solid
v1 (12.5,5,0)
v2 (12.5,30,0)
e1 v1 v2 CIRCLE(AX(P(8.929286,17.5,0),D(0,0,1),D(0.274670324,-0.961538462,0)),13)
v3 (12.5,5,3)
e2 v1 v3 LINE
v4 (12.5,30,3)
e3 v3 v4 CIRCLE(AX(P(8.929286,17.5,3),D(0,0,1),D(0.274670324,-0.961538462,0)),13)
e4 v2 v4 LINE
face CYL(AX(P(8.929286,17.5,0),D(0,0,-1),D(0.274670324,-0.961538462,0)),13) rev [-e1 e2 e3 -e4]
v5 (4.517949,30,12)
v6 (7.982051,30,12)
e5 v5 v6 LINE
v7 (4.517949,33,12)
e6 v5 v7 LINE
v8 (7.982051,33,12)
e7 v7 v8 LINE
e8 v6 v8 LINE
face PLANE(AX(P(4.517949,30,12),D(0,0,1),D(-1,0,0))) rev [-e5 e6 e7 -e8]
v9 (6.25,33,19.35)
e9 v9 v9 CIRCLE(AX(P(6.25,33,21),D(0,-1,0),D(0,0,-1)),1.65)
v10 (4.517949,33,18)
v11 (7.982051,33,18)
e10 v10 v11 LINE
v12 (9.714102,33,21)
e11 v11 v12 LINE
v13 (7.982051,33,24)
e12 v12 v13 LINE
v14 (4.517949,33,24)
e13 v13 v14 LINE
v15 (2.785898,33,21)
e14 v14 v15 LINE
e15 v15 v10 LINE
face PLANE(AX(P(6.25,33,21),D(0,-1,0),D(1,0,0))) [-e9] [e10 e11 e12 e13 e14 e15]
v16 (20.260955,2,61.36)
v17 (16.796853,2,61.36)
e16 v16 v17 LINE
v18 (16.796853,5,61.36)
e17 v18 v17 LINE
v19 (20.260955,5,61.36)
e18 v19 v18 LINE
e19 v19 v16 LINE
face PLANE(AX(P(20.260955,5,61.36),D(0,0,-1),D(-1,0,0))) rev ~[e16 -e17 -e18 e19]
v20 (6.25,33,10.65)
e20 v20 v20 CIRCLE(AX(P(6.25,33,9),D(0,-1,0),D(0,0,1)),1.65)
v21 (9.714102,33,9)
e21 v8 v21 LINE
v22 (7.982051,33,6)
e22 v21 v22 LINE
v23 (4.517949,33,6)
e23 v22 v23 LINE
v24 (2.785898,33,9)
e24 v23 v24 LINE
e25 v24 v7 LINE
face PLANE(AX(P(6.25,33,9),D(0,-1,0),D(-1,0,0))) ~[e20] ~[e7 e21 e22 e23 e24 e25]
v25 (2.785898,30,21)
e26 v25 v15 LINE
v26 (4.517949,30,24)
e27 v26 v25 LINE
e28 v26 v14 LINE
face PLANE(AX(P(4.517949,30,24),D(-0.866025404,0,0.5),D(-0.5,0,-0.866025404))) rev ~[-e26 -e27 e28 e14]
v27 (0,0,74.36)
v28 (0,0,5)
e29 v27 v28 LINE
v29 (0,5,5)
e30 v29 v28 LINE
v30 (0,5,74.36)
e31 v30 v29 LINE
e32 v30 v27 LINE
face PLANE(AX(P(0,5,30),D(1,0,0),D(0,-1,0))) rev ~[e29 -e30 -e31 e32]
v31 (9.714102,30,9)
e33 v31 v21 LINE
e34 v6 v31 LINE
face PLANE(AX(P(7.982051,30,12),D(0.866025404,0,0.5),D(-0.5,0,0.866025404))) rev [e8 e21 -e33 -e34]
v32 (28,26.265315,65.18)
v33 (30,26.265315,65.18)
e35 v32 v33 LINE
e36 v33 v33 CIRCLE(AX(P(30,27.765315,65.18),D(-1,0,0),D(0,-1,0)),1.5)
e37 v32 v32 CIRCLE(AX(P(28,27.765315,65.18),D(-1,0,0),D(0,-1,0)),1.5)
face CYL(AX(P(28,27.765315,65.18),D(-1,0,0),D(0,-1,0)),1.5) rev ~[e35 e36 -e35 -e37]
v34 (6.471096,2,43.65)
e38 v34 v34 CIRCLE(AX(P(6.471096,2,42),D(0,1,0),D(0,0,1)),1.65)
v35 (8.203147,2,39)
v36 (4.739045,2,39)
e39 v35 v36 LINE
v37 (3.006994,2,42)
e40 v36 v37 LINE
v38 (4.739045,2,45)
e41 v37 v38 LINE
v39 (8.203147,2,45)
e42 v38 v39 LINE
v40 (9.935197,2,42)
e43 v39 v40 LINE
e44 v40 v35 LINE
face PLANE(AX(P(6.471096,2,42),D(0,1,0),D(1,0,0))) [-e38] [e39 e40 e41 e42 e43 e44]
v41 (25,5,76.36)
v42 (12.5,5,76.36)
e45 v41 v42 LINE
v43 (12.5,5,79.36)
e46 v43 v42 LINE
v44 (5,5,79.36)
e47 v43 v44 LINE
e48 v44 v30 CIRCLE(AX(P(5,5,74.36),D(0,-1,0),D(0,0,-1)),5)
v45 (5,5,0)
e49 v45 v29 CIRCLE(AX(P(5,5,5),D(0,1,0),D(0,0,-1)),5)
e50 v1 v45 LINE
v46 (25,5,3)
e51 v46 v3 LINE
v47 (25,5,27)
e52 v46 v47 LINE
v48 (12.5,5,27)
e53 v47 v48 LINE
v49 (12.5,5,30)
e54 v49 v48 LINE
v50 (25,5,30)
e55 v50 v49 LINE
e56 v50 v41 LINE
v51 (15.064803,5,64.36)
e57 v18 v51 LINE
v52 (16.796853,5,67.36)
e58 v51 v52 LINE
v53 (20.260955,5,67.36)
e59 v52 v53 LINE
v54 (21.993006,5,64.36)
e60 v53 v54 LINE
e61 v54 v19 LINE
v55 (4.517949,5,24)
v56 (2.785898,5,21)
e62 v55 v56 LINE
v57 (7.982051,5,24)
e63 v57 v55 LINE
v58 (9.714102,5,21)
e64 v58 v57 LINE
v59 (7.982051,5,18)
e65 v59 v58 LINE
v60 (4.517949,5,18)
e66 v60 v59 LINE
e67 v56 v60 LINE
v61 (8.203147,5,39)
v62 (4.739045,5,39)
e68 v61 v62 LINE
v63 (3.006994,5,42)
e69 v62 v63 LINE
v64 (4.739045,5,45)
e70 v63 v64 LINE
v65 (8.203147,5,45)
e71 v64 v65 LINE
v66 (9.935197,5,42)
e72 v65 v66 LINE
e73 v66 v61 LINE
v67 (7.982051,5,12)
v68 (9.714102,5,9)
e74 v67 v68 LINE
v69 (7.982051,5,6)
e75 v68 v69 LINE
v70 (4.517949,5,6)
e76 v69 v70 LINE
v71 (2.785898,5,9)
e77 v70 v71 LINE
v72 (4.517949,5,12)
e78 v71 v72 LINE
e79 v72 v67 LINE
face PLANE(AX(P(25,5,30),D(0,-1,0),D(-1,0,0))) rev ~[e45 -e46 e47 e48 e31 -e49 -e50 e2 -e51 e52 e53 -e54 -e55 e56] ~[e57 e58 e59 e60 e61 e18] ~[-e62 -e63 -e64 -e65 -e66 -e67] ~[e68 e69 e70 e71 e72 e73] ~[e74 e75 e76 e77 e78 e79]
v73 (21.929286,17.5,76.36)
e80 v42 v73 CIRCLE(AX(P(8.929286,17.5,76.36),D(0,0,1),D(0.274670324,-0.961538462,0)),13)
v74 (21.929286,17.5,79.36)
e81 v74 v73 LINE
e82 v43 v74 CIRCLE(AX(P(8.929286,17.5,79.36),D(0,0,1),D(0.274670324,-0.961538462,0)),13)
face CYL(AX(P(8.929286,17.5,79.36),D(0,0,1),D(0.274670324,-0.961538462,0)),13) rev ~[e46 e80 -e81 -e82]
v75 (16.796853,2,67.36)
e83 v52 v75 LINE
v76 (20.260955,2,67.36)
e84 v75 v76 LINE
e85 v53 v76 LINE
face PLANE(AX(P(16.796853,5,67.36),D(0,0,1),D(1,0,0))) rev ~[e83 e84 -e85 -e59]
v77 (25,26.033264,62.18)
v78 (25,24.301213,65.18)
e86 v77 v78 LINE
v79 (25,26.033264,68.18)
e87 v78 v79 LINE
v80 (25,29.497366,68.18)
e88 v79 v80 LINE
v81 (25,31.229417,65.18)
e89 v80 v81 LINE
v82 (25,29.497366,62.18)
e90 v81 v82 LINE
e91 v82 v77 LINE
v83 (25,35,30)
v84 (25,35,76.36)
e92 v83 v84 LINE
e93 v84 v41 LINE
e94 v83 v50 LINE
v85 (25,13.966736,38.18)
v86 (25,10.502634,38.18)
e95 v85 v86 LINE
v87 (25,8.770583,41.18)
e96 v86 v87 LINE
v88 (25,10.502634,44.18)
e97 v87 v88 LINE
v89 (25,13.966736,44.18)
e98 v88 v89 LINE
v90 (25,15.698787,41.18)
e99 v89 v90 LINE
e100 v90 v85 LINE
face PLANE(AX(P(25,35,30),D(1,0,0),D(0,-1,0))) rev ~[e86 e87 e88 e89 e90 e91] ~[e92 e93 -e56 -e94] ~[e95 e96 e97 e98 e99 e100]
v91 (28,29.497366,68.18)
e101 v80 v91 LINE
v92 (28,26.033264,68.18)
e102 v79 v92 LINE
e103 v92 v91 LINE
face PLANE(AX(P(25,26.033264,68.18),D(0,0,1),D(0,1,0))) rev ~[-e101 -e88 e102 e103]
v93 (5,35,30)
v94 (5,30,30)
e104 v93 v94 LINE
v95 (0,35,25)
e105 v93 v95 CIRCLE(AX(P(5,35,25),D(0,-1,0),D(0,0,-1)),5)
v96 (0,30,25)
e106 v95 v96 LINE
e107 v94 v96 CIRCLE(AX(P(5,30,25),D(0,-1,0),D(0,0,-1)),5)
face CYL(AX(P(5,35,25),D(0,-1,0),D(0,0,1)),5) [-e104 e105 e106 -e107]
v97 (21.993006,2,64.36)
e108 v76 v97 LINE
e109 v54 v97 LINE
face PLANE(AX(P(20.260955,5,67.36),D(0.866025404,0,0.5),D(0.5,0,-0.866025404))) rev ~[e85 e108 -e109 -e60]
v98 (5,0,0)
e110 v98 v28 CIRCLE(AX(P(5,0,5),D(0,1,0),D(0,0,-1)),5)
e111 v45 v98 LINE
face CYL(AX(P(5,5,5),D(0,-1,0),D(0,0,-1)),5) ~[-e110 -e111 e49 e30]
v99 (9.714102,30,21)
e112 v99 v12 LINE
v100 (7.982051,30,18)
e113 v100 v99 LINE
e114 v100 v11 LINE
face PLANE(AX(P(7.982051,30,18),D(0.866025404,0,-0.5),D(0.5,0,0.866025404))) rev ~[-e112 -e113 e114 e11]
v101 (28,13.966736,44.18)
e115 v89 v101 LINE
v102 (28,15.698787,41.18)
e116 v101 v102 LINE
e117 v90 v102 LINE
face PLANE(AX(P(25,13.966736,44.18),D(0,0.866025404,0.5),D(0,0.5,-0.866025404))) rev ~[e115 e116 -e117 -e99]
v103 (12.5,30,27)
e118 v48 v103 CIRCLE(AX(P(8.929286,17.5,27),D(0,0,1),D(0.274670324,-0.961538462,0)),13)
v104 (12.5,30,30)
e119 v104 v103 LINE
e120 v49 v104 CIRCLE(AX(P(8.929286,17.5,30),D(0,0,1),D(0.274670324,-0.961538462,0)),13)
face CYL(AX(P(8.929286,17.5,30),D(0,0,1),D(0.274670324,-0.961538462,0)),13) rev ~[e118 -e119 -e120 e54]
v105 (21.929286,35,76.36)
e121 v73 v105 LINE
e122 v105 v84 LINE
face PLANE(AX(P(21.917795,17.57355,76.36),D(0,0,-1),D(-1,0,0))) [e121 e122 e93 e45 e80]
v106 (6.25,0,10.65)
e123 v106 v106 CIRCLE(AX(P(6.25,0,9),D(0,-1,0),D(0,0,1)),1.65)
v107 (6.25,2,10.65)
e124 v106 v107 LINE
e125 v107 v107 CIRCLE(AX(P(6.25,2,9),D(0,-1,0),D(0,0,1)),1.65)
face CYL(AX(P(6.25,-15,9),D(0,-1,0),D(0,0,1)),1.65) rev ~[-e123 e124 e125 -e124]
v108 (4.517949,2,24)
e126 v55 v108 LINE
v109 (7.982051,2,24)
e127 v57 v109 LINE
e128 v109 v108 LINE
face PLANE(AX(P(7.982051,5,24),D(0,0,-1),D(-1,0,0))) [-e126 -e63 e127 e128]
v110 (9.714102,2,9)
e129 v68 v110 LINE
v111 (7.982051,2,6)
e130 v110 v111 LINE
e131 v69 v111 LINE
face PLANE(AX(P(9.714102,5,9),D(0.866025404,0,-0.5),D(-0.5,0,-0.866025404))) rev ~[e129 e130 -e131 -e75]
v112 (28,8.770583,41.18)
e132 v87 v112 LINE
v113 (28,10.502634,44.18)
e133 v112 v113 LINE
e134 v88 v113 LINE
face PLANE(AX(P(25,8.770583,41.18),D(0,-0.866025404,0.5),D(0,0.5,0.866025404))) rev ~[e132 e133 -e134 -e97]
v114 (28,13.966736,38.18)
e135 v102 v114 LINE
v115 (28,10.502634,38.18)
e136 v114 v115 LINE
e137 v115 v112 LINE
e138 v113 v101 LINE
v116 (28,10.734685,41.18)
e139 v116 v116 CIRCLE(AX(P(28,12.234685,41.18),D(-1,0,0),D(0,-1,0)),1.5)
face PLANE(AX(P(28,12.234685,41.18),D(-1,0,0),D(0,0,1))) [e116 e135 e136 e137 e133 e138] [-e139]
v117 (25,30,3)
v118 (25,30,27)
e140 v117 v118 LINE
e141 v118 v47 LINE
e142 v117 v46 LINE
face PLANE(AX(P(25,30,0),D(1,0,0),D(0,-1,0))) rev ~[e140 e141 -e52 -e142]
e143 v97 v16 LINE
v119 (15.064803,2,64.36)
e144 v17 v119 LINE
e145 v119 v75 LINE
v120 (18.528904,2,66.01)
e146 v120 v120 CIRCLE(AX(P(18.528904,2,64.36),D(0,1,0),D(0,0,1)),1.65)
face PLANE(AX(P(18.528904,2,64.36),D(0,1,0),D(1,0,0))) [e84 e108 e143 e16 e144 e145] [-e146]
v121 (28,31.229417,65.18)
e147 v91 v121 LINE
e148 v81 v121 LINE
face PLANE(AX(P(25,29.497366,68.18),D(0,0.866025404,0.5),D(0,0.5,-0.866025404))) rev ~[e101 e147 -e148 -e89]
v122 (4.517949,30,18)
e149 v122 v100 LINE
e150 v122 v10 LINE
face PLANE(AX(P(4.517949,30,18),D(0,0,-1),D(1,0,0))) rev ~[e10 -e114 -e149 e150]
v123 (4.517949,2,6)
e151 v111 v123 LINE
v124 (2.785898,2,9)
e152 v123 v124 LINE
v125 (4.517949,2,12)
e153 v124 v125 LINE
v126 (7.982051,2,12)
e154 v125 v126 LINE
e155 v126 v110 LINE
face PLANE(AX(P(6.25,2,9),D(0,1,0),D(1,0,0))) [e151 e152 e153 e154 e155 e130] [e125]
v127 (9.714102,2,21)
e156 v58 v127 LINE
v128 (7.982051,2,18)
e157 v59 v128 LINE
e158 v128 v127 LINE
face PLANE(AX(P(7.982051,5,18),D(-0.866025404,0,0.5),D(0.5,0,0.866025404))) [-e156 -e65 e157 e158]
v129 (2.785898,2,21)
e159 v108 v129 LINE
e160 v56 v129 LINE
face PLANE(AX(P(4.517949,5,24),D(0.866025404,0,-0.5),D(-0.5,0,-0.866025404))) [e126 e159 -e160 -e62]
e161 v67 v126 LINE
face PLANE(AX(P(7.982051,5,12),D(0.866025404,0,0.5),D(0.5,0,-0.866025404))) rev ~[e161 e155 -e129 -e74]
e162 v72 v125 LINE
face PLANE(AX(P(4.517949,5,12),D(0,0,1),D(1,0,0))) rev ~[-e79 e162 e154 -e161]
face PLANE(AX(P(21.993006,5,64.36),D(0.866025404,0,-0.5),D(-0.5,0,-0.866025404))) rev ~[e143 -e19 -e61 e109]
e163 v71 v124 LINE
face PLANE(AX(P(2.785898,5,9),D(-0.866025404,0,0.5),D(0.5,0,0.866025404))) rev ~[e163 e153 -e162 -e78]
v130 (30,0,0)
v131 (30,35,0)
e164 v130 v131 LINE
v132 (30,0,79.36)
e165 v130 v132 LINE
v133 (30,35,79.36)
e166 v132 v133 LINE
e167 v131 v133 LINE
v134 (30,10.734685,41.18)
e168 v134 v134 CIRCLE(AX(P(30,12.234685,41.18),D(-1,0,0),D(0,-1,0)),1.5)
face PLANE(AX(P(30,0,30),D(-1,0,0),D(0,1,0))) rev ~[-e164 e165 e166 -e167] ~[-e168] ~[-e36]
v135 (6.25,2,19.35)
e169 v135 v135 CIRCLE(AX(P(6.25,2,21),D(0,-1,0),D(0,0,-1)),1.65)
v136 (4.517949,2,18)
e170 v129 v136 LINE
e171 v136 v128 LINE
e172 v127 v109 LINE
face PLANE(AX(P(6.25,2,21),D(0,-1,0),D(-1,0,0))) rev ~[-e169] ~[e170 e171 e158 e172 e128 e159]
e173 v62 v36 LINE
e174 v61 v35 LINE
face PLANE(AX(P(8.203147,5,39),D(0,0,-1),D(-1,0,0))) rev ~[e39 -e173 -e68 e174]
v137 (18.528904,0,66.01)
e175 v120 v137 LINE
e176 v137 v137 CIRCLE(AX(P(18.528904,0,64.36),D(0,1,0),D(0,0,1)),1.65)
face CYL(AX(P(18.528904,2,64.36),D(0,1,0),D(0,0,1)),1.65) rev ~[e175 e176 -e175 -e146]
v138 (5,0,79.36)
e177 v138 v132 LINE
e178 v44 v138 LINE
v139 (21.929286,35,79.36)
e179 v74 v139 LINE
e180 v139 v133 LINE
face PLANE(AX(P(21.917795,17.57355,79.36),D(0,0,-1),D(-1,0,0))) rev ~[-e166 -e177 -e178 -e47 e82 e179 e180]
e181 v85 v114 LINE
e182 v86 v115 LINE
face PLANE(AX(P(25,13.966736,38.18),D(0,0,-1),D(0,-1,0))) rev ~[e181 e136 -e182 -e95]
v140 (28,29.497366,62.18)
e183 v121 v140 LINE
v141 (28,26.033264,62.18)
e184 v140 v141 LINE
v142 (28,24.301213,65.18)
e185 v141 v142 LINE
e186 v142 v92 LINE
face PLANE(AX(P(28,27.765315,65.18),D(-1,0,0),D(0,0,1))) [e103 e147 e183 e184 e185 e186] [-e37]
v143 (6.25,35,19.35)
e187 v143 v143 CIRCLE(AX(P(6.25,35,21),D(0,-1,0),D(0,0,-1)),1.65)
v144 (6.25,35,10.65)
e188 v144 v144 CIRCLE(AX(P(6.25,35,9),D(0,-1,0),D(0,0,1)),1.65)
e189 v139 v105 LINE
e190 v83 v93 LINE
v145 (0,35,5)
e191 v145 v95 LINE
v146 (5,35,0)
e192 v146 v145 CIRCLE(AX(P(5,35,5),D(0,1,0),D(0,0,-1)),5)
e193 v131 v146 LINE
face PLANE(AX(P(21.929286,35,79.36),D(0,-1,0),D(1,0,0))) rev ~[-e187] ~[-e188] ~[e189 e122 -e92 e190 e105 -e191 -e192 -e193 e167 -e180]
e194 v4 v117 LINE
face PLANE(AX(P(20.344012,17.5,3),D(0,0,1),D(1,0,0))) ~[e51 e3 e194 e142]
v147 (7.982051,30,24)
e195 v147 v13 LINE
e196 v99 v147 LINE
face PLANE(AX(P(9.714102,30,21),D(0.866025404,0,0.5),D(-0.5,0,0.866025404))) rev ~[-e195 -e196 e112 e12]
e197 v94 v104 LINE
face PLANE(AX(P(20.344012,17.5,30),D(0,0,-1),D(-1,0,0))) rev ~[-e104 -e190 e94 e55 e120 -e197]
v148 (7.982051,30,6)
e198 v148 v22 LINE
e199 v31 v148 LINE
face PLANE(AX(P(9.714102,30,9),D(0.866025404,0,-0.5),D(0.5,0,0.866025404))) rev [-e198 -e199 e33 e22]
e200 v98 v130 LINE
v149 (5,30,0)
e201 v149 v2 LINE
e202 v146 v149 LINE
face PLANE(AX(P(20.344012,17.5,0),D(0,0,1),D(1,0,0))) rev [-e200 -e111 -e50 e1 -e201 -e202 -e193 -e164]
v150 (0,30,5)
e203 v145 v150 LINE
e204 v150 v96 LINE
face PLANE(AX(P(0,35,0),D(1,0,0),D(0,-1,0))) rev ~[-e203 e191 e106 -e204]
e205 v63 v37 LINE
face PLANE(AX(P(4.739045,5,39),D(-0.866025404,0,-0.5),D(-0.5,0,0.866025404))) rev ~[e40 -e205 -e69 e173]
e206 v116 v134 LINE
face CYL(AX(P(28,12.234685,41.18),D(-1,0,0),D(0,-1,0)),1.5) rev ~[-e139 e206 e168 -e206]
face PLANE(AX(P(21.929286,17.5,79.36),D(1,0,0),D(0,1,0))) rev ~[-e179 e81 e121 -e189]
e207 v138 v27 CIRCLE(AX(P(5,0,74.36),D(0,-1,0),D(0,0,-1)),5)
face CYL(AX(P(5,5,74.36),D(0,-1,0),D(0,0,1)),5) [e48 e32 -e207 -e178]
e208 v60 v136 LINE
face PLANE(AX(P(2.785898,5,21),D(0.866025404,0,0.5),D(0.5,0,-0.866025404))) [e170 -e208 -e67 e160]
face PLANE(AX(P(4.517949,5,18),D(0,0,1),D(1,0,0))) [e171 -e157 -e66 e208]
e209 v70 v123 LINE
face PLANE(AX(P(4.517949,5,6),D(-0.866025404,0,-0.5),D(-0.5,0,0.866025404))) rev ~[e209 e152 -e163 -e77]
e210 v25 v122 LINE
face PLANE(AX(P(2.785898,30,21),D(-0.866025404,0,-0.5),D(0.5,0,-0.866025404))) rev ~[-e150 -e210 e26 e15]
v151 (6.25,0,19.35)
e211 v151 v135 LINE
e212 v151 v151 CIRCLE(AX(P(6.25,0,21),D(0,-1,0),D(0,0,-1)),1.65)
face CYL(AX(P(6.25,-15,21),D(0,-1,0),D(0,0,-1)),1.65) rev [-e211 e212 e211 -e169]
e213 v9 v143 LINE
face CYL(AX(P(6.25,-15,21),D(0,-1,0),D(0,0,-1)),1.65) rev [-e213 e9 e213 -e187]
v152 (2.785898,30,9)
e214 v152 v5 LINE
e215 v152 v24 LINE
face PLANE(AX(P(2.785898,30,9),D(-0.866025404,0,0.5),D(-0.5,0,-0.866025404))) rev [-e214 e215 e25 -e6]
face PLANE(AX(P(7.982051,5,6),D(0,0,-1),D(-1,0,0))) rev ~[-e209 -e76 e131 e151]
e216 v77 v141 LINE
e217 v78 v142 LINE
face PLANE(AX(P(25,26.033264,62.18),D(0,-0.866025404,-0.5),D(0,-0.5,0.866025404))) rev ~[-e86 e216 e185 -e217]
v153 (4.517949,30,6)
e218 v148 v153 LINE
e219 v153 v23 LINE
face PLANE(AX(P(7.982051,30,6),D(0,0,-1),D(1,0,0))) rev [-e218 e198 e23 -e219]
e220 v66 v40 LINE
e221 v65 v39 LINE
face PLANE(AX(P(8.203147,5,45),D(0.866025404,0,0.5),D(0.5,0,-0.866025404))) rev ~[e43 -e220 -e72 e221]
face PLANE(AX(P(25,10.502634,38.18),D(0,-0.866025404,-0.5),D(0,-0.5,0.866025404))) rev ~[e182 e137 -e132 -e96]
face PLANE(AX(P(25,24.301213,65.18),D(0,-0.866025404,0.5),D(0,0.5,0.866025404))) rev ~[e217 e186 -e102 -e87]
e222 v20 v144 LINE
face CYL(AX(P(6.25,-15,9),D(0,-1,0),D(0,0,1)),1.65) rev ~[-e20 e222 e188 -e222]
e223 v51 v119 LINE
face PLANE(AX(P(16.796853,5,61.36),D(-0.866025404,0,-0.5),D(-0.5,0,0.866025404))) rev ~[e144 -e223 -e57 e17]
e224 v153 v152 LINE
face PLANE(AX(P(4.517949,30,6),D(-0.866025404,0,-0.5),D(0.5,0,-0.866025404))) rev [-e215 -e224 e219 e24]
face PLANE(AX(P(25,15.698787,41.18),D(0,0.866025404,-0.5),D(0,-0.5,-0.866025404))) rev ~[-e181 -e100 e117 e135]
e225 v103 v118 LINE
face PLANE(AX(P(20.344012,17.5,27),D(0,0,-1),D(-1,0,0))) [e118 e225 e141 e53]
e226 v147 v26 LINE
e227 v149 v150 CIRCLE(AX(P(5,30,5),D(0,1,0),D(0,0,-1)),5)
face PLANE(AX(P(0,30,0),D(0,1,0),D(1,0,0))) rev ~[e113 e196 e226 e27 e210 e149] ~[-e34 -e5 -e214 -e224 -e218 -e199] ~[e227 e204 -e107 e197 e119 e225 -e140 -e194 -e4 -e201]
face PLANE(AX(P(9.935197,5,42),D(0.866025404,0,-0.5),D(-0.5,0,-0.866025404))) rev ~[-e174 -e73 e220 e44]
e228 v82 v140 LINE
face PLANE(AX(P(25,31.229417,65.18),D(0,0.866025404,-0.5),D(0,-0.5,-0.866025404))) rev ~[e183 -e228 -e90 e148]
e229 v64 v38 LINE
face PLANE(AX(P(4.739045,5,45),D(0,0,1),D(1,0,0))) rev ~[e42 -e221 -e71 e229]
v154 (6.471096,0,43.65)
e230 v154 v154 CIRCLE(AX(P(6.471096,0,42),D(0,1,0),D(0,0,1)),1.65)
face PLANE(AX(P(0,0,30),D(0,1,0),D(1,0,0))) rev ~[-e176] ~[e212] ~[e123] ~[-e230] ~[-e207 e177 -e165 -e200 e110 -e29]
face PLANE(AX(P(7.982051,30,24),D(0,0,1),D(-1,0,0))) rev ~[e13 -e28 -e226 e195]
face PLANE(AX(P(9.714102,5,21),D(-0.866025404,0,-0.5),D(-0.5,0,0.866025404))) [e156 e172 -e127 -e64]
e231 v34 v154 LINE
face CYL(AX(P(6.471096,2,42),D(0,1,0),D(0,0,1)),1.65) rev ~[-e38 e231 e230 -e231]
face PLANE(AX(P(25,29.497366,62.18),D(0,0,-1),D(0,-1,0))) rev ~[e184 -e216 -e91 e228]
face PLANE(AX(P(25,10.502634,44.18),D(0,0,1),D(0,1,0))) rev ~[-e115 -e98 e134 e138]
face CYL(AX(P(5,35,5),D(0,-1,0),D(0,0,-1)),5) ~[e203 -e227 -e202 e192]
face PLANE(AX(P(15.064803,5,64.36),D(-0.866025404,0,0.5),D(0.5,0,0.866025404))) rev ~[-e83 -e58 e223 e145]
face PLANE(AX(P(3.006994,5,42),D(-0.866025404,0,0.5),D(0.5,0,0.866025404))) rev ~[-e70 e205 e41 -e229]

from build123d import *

# Parameters (mm, degrees)
EXTRUDE_1_DEPTH     = 30
EXTRUDE_2_DEPTH     = 3
CUT_EXTRUDE_1_DEPTH = 3
CUT_EXTRUDE_START   = -17
SKETCH_4_R          = 1.65
CUT_EXTRUDE_2_DEPTH = 76
CUT_EXTRUDE_3_DEPTH = 3
FILLET_1_R          = 5
EXTRUDE_3_DEPTH     = 49.36
EXTRUDE_4_DEPTH     = 3
CUT_EXTRUDE_4_DEPTH = 3
SKETCH_10_R         = 1.5
CUT_EXTRUDE_5_DEPTH = 12
FILLET_2_R          = 5
CUT_EXTRUDE_6_DEPTH = 3
SKETCH_12_R         = 1.65
CUT_EXTRUDE_7_DEPTH = 15


with BuildPart() as part:
    # Sketch 1 → Extrude 1 (new body)
    with BuildSketch(Plane.XY):
        Polygon((0, 0), (30, 0), (30, 35), (0, 35), (0, 30), (25, 30), (25, 5), (0, 5), align=None)
    extrude(amount=EXTRUDE_1_DEPTH)

    # Sketch 2 → Extrude 2 (add)
    with BuildSketch(Plane.XY.offset(30)):
        with BuildLine():
            Line((12.5, 30), (25, 30))
            Line((25, 30), (25, 5))
            Line((25, 5), (12.5, 5))
            ThreePointArc((12.5, 5), (21.929285786, 17.5), (12.5, 30))
        make_face()
    extrude_2 = extrude(amount=-EXTRUDE_2_DEPTH)

    # Mirror 1: Extrude 2 across plane
    add(extrude_2.mirror(Plane.XY.offset(15)))

    # Sketch 3 → Cut-Extrude 1 (cut)
    with BuildSketch(Plane(origin=(0, 5, 0), x_dir=(1, 0, 0), z_dir=(0, 1, 0))):
        Polygon((4.517949192, -24), (2.785898385, -21), (4.517949192, -18), (7.982050808, -18), (9.714101615, -21), (7.982050808, -24), align=None)
        Polygon((2.785898385, -9), (4.517949192, -12), (7.982050808, -12), (9.714101615, -9), (7.982050808, -6), (4.517949192, -6), align=None)
    extrude(amount=-CUT_EXTRUDE_1_DEPTH, mode=Mode.SUBTRACT)

    # Sketch 4 → Cut-Extrude 2 (cut)
    with BuildSketch(Plane(origin=(0, 2, 0), x_dir=(1, 0, 0), z_dir=(0, 1, 0)).offset(CUT_EXTRUDE_START)):
        with Locations(Location((6.25, -21, 0), (0, 0, 90))):
            Circle(SKETCH_4_R)
    cut_extrude_2 = extrude(amount=CUT_EXTRUDE_2_DEPTH, mode=Mode.SUBTRACT)

    # Mirror 2: Cut-Extrude 2 across plane
    add(cut_extrude_2.mirror(Plane.XY.offset(15)), mode=Mode.SUBTRACT)

    # Sketch 5 → Cut-Extrude 3 (cut)
    with BuildSketch(Plane.XZ.offset(-30)):
        Polygon((9.714101615, 21), (7.982050808, 24), (4.517949192, 24), (2.785898385, 21), (4.517949192, 18), (7.982050808, 18), align=None)
    cut_extrude_3 = extrude(amount=-CUT_EXTRUDE_3_DEPTH, mode=Mode.SUBTRACT)

    # Mirror 3: Cut-Extrude 3 across plane
    add(cut_extrude_3.mirror(Plane.XY.offset(15)), mode=Mode.SUBTRACT)

    # Fillet 1
    fillet_1_edges = [part.edges().sort_by_distance(p)[0] for p in [
        (0, 2.5, 0),
        (0, 32.5, 30),
        (0, 32.5, 0),
    ]]
    fillet(fillet_1_edges, radius=FILLET_1_R)

    # Sketch 7 → Extrude 3 (add)
    with BuildSketch(Plane.XY.offset(30)):
        Polygon((0, 0), (30, 0), (30, 35), (25, 35), (25, 5), (0, 5), align=None)
    extrude(amount=EXTRUDE_3_DEPTH)

    # Sketch 8 → Extrude 4 (add)
    with BuildSketch(Plane.XY.offset(79.36)):
        with BuildLine():
            Line((21.929285786, 17.5), (21.929285786, 35))
            Line((21.929285786, 35), (25, 35))
            Line((25, 35), (25, 5))
            Line((25, 5), (12.5, 5))
            ThreePointArc((12.5, 5), (19.307611392, 9.67118415), (21.929285786, 17.5))
        make_face()
    extrude(amount=-EXTRUDE_4_DEPTH)

    # Sketch 9 → Cut-Extrude 4 (cut)
    with BuildSketch(Plane.ZY.offset(-25)):
        Polygon((65.18, 31.229416542), (62.18, 29.497365734), (62.18, 26.033264119), (65.18, 24.301213312), (68.18, 26.033264119), (68.18, 29.497365734), align=None)
        Polygon((41.18, 15.698786688), (38.18, 13.966735881), (38.18, 10.502634266), (41.18, 8.770583458), (44.18, 10.502634266), (44.18, 13.966735881), align=None)
    extrude(amount=-CUT_EXTRUDE_4_DEPTH, mode=Mode.SUBTRACT)

    # Sketch 10 → Cut-Extrude 5 (cut)
    with BuildSketch(Plane.ZY.offset(-28)):
        with Locations(Location((41.18, 12.234685073, 0), (0, 0, 270))):
            Circle(SKETCH_10_R)
        with Locations(Location((65.18, 27.765314927, 0), (0, 0, 270))):
            Circle(SKETCH_10_R)
    extrude(amount=-CUT_EXTRUDE_5_DEPTH, mode=Mode.SUBTRACT)

    # Fillet 2
    fillet_2_edges = [part.edges().sort_by_distance(p)[0] for p in [
        (0, 2.5, 79.36),
    ]]
    fillet(fillet_2_edges, radius=FILLET_2_R)

    # Sketch 11 → Cut-Extrude 6 (cut)
    with BuildSketch(Plane(origin=(0, 5, 0), x_dir=(1, 0, 0), z_dir=(0, 1, 0))):
        Polygon((15.064802613, -64.36), (16.79685342, -67.36), (20.260955035, -67.36), (21.993005843, -64.36), (20.260955035, -61.36), (16.79685342, -61.36), align=None)
        Polygon((9.935197387, -42), (8.20314658, -39), (4.739044965, -39), (3.006994157, -42), (4.739044965, -45), (8.20314658, -45), align=None)
    extrude(amount=-CUT_EXTRUDE_6_DEPTH, mode=Mode.SUBTRACT)

    # Sketch 12 → Cut-Extrude 7 (cut)
    with BuildSketch(Plane(origin=(0, 2, 0), x_dir=(1, 0, 0), z_dir=(0, 1, 0))):
        with Locations(Location((6.471095772, -42, 0), (0, 0, 270))):
            Circle(SKETCH_12_R)
        with Locations(Location((18.528904228, -64.36, 0), (0, 0, 270))):
            Circle(SKETCH_12_R)
    extrude(amount=-CUT_EXTRUDE_7_DEPTH, mode=Mode.SUBTRACT)


solid = part.part
